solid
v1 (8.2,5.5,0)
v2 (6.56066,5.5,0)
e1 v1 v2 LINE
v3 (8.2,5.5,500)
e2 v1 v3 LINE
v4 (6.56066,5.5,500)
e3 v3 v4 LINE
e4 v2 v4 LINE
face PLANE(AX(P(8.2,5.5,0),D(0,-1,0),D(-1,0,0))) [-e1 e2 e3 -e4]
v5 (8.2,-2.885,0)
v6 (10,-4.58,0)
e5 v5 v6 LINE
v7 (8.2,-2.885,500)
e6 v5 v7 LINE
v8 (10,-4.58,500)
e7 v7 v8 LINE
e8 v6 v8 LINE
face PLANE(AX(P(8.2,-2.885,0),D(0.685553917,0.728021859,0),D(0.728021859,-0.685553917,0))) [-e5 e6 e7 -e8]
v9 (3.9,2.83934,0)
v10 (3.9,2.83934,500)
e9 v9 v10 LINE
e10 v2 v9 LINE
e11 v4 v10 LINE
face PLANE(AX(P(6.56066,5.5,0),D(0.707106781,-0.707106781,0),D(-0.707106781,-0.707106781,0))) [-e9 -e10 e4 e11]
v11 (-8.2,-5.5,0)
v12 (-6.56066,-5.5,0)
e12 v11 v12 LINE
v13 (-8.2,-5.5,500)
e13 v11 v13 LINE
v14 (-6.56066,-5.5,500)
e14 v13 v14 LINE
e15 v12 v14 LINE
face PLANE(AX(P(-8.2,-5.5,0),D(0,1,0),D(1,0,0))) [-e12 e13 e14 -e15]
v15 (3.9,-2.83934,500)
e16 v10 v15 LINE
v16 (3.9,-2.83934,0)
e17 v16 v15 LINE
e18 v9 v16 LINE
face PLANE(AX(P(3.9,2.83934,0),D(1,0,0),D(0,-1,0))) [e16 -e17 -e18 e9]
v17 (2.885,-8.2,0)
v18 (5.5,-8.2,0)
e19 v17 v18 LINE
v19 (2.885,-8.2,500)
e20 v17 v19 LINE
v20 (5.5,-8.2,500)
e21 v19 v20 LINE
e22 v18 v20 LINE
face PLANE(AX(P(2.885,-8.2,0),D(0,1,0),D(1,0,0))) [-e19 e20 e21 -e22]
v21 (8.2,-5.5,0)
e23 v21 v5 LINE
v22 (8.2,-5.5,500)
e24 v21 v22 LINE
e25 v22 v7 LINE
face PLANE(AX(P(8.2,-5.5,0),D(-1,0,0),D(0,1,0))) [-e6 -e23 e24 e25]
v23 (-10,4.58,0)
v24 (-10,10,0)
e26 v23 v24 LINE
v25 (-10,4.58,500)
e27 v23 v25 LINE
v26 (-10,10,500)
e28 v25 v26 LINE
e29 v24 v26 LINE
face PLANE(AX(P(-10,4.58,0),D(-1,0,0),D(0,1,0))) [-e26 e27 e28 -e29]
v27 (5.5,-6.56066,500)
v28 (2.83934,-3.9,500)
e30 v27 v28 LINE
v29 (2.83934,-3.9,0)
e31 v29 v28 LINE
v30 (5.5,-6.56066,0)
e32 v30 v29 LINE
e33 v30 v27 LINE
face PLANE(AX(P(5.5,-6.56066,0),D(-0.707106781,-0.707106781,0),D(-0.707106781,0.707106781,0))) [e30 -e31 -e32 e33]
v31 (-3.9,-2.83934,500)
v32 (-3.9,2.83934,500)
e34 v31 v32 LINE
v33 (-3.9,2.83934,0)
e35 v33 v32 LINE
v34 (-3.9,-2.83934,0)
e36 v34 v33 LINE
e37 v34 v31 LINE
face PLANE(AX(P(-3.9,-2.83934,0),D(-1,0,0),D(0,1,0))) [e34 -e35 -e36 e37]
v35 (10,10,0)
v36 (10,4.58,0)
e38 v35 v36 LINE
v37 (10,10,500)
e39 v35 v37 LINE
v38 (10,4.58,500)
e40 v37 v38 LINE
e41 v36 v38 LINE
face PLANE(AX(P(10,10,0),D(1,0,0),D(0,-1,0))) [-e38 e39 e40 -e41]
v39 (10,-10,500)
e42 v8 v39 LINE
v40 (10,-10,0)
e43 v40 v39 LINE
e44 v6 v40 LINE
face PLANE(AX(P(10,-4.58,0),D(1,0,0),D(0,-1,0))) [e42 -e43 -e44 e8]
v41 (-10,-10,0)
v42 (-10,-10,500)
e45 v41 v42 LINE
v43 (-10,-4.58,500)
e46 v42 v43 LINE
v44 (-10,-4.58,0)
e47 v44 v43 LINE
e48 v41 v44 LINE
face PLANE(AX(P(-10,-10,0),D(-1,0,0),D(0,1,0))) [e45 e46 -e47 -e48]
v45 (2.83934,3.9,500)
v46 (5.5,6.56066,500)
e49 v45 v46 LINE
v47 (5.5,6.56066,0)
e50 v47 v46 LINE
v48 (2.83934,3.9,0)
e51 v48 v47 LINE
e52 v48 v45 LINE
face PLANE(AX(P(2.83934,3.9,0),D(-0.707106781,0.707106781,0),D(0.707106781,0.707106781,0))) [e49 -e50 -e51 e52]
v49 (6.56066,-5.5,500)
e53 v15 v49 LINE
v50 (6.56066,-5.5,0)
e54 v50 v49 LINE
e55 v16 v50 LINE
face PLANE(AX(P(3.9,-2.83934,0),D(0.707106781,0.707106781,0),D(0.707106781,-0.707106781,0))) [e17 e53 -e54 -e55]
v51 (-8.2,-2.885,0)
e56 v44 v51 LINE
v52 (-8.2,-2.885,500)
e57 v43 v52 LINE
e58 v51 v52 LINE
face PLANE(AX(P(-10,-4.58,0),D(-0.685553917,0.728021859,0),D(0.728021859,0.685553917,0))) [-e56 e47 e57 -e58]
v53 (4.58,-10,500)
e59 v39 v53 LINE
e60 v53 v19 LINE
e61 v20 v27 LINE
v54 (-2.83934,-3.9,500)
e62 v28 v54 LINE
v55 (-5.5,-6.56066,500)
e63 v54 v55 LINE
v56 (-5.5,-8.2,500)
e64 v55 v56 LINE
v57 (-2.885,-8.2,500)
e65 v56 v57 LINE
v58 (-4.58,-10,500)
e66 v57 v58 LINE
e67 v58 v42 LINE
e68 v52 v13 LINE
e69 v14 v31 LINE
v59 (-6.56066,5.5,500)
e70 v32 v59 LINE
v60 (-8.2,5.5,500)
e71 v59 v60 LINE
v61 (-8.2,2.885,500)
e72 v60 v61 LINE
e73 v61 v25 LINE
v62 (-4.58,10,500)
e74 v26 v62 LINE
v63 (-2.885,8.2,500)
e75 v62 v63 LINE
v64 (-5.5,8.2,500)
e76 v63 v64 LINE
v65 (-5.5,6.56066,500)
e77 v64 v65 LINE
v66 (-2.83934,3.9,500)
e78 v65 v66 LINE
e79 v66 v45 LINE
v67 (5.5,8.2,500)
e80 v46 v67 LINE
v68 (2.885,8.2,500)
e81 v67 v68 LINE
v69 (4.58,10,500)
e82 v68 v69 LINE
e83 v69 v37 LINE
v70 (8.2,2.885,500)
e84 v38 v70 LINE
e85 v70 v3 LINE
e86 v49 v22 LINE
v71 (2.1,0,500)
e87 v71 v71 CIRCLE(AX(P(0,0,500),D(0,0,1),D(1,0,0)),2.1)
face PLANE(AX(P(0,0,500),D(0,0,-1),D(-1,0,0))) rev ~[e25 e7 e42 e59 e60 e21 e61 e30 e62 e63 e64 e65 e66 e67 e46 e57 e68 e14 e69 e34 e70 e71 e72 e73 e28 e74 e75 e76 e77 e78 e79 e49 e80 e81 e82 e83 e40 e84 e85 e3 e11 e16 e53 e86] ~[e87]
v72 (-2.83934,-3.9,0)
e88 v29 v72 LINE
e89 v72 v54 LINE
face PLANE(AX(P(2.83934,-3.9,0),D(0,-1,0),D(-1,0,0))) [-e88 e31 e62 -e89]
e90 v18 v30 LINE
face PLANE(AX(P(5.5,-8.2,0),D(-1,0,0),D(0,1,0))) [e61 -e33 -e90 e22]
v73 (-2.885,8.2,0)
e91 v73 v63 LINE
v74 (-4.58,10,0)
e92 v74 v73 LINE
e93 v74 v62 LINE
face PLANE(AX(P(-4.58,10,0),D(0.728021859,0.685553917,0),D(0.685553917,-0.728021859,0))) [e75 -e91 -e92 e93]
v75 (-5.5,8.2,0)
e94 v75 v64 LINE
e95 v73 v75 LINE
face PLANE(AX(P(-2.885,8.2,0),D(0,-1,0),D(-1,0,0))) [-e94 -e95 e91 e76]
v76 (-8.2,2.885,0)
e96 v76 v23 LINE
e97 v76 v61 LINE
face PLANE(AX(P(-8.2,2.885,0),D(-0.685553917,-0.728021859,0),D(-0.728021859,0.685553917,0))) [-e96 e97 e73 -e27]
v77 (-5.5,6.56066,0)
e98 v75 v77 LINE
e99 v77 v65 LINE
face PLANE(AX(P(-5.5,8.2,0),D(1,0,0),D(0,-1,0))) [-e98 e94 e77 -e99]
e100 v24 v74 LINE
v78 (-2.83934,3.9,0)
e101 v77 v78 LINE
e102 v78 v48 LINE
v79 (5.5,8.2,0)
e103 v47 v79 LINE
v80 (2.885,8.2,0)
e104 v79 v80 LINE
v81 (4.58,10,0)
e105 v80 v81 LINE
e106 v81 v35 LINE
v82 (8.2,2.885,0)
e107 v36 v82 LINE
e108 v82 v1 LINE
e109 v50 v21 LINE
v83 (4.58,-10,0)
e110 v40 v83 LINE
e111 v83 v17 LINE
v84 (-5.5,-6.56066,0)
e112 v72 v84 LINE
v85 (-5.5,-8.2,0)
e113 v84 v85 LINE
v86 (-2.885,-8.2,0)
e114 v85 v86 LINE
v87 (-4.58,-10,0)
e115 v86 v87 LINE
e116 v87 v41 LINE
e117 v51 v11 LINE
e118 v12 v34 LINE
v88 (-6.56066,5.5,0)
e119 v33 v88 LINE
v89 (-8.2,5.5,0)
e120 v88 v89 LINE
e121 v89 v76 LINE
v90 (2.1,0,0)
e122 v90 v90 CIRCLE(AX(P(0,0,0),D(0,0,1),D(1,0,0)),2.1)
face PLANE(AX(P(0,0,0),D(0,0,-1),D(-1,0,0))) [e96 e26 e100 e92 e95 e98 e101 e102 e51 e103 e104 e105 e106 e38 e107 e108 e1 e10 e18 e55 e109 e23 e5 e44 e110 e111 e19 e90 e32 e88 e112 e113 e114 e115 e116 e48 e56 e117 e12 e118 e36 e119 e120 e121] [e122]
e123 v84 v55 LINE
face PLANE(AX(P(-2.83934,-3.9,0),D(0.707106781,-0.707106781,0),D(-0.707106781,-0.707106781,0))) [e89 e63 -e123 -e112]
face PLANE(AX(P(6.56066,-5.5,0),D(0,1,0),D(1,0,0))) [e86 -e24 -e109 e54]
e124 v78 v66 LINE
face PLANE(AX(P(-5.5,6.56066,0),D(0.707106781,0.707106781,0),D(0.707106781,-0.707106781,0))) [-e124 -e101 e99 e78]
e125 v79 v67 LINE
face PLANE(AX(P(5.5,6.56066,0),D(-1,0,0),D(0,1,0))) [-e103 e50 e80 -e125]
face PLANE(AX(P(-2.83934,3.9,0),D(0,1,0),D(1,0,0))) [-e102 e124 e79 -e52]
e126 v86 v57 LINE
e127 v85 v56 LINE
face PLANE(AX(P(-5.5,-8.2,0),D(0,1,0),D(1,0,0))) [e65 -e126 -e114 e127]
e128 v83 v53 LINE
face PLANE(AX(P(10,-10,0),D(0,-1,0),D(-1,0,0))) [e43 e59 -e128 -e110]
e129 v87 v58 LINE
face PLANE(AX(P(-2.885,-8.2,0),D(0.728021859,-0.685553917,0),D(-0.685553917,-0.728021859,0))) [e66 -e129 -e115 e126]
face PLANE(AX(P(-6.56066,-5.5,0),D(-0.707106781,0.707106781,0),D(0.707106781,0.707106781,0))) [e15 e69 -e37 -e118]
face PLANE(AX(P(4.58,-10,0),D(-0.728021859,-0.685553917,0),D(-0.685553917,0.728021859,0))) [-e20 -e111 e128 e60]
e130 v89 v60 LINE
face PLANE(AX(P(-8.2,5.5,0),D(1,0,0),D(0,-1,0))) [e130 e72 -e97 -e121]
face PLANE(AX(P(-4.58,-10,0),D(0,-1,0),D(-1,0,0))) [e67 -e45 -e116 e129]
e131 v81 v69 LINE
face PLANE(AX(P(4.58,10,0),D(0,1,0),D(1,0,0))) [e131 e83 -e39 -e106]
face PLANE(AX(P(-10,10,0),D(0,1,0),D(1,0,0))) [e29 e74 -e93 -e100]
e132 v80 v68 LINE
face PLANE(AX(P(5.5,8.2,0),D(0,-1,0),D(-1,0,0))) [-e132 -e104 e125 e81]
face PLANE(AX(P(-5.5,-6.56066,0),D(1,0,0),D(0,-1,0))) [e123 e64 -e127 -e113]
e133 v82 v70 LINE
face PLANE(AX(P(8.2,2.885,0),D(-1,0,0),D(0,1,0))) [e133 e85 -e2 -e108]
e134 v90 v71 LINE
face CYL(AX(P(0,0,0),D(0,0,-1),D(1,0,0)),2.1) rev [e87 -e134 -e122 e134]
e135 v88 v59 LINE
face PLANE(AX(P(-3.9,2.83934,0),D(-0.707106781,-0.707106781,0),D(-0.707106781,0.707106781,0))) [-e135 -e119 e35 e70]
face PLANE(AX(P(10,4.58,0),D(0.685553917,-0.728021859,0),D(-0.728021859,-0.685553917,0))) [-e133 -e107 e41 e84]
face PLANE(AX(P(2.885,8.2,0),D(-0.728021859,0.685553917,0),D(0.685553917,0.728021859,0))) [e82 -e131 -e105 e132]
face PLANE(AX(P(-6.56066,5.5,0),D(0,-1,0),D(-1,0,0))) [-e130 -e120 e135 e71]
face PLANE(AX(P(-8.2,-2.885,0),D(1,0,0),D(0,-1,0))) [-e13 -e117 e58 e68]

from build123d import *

# Parameters (mm, degrees)
SKETCH1_R           = 2.1
BOSS_EXTRUDE1_DEPTH = 500


with BuildPart() as part:
    # Sketch1 → Boss-Extrude1 (new body)
    with BuildSketch(Plane.XY):
        Polygon((-4.58, 10), (-2.885, 8.2), (-5.5, 8.2), (-5.5, 6.560660172), (-2.839339828, 3.9), (2.839339828, 3.9), (5.5, 6.560660172), (5.5, 8.2), (2.885, 8.2), (4.58, 10), (10, 10), (10, 4.58), (8.2, 2.885), (8.2, 5.5), (6.560660172, 5.5), (3.9, 2.839339828), (3.9, -2.839339828), (6.560660172, -5.5), (8.2, -5.5), (8.2, -2.885), (10, -4.58), (10, -10), (4.58, -10), (2.885, -8.2), (5.5, -8.2), (5.5, -6.560660172), (2.839339828, -3.9), (-2.839339828, -3.9), (-5.5, -6.560660172), (-5.5, -8.2), (-2.885, -8.2), (-4.58, -10), (-10, -10), (-10, -4.58), (-8.2, -2.885), (-8.2, -5.5), (-6.560660172, -5.5), (-3.9, -2.839339828), (-3.9, 2.839339828), (-6.560660172, 5.5), (-8.2, 5.5), (-8.2, 2.885), (-10, 4.58), (-10, 10), align=None)
        Circle(SKETCH1_R, mode=Mode.SUBTRACT)
    extrude(amount=BOSS_EXTRUDE1_DEPTH)


solid = part.part
